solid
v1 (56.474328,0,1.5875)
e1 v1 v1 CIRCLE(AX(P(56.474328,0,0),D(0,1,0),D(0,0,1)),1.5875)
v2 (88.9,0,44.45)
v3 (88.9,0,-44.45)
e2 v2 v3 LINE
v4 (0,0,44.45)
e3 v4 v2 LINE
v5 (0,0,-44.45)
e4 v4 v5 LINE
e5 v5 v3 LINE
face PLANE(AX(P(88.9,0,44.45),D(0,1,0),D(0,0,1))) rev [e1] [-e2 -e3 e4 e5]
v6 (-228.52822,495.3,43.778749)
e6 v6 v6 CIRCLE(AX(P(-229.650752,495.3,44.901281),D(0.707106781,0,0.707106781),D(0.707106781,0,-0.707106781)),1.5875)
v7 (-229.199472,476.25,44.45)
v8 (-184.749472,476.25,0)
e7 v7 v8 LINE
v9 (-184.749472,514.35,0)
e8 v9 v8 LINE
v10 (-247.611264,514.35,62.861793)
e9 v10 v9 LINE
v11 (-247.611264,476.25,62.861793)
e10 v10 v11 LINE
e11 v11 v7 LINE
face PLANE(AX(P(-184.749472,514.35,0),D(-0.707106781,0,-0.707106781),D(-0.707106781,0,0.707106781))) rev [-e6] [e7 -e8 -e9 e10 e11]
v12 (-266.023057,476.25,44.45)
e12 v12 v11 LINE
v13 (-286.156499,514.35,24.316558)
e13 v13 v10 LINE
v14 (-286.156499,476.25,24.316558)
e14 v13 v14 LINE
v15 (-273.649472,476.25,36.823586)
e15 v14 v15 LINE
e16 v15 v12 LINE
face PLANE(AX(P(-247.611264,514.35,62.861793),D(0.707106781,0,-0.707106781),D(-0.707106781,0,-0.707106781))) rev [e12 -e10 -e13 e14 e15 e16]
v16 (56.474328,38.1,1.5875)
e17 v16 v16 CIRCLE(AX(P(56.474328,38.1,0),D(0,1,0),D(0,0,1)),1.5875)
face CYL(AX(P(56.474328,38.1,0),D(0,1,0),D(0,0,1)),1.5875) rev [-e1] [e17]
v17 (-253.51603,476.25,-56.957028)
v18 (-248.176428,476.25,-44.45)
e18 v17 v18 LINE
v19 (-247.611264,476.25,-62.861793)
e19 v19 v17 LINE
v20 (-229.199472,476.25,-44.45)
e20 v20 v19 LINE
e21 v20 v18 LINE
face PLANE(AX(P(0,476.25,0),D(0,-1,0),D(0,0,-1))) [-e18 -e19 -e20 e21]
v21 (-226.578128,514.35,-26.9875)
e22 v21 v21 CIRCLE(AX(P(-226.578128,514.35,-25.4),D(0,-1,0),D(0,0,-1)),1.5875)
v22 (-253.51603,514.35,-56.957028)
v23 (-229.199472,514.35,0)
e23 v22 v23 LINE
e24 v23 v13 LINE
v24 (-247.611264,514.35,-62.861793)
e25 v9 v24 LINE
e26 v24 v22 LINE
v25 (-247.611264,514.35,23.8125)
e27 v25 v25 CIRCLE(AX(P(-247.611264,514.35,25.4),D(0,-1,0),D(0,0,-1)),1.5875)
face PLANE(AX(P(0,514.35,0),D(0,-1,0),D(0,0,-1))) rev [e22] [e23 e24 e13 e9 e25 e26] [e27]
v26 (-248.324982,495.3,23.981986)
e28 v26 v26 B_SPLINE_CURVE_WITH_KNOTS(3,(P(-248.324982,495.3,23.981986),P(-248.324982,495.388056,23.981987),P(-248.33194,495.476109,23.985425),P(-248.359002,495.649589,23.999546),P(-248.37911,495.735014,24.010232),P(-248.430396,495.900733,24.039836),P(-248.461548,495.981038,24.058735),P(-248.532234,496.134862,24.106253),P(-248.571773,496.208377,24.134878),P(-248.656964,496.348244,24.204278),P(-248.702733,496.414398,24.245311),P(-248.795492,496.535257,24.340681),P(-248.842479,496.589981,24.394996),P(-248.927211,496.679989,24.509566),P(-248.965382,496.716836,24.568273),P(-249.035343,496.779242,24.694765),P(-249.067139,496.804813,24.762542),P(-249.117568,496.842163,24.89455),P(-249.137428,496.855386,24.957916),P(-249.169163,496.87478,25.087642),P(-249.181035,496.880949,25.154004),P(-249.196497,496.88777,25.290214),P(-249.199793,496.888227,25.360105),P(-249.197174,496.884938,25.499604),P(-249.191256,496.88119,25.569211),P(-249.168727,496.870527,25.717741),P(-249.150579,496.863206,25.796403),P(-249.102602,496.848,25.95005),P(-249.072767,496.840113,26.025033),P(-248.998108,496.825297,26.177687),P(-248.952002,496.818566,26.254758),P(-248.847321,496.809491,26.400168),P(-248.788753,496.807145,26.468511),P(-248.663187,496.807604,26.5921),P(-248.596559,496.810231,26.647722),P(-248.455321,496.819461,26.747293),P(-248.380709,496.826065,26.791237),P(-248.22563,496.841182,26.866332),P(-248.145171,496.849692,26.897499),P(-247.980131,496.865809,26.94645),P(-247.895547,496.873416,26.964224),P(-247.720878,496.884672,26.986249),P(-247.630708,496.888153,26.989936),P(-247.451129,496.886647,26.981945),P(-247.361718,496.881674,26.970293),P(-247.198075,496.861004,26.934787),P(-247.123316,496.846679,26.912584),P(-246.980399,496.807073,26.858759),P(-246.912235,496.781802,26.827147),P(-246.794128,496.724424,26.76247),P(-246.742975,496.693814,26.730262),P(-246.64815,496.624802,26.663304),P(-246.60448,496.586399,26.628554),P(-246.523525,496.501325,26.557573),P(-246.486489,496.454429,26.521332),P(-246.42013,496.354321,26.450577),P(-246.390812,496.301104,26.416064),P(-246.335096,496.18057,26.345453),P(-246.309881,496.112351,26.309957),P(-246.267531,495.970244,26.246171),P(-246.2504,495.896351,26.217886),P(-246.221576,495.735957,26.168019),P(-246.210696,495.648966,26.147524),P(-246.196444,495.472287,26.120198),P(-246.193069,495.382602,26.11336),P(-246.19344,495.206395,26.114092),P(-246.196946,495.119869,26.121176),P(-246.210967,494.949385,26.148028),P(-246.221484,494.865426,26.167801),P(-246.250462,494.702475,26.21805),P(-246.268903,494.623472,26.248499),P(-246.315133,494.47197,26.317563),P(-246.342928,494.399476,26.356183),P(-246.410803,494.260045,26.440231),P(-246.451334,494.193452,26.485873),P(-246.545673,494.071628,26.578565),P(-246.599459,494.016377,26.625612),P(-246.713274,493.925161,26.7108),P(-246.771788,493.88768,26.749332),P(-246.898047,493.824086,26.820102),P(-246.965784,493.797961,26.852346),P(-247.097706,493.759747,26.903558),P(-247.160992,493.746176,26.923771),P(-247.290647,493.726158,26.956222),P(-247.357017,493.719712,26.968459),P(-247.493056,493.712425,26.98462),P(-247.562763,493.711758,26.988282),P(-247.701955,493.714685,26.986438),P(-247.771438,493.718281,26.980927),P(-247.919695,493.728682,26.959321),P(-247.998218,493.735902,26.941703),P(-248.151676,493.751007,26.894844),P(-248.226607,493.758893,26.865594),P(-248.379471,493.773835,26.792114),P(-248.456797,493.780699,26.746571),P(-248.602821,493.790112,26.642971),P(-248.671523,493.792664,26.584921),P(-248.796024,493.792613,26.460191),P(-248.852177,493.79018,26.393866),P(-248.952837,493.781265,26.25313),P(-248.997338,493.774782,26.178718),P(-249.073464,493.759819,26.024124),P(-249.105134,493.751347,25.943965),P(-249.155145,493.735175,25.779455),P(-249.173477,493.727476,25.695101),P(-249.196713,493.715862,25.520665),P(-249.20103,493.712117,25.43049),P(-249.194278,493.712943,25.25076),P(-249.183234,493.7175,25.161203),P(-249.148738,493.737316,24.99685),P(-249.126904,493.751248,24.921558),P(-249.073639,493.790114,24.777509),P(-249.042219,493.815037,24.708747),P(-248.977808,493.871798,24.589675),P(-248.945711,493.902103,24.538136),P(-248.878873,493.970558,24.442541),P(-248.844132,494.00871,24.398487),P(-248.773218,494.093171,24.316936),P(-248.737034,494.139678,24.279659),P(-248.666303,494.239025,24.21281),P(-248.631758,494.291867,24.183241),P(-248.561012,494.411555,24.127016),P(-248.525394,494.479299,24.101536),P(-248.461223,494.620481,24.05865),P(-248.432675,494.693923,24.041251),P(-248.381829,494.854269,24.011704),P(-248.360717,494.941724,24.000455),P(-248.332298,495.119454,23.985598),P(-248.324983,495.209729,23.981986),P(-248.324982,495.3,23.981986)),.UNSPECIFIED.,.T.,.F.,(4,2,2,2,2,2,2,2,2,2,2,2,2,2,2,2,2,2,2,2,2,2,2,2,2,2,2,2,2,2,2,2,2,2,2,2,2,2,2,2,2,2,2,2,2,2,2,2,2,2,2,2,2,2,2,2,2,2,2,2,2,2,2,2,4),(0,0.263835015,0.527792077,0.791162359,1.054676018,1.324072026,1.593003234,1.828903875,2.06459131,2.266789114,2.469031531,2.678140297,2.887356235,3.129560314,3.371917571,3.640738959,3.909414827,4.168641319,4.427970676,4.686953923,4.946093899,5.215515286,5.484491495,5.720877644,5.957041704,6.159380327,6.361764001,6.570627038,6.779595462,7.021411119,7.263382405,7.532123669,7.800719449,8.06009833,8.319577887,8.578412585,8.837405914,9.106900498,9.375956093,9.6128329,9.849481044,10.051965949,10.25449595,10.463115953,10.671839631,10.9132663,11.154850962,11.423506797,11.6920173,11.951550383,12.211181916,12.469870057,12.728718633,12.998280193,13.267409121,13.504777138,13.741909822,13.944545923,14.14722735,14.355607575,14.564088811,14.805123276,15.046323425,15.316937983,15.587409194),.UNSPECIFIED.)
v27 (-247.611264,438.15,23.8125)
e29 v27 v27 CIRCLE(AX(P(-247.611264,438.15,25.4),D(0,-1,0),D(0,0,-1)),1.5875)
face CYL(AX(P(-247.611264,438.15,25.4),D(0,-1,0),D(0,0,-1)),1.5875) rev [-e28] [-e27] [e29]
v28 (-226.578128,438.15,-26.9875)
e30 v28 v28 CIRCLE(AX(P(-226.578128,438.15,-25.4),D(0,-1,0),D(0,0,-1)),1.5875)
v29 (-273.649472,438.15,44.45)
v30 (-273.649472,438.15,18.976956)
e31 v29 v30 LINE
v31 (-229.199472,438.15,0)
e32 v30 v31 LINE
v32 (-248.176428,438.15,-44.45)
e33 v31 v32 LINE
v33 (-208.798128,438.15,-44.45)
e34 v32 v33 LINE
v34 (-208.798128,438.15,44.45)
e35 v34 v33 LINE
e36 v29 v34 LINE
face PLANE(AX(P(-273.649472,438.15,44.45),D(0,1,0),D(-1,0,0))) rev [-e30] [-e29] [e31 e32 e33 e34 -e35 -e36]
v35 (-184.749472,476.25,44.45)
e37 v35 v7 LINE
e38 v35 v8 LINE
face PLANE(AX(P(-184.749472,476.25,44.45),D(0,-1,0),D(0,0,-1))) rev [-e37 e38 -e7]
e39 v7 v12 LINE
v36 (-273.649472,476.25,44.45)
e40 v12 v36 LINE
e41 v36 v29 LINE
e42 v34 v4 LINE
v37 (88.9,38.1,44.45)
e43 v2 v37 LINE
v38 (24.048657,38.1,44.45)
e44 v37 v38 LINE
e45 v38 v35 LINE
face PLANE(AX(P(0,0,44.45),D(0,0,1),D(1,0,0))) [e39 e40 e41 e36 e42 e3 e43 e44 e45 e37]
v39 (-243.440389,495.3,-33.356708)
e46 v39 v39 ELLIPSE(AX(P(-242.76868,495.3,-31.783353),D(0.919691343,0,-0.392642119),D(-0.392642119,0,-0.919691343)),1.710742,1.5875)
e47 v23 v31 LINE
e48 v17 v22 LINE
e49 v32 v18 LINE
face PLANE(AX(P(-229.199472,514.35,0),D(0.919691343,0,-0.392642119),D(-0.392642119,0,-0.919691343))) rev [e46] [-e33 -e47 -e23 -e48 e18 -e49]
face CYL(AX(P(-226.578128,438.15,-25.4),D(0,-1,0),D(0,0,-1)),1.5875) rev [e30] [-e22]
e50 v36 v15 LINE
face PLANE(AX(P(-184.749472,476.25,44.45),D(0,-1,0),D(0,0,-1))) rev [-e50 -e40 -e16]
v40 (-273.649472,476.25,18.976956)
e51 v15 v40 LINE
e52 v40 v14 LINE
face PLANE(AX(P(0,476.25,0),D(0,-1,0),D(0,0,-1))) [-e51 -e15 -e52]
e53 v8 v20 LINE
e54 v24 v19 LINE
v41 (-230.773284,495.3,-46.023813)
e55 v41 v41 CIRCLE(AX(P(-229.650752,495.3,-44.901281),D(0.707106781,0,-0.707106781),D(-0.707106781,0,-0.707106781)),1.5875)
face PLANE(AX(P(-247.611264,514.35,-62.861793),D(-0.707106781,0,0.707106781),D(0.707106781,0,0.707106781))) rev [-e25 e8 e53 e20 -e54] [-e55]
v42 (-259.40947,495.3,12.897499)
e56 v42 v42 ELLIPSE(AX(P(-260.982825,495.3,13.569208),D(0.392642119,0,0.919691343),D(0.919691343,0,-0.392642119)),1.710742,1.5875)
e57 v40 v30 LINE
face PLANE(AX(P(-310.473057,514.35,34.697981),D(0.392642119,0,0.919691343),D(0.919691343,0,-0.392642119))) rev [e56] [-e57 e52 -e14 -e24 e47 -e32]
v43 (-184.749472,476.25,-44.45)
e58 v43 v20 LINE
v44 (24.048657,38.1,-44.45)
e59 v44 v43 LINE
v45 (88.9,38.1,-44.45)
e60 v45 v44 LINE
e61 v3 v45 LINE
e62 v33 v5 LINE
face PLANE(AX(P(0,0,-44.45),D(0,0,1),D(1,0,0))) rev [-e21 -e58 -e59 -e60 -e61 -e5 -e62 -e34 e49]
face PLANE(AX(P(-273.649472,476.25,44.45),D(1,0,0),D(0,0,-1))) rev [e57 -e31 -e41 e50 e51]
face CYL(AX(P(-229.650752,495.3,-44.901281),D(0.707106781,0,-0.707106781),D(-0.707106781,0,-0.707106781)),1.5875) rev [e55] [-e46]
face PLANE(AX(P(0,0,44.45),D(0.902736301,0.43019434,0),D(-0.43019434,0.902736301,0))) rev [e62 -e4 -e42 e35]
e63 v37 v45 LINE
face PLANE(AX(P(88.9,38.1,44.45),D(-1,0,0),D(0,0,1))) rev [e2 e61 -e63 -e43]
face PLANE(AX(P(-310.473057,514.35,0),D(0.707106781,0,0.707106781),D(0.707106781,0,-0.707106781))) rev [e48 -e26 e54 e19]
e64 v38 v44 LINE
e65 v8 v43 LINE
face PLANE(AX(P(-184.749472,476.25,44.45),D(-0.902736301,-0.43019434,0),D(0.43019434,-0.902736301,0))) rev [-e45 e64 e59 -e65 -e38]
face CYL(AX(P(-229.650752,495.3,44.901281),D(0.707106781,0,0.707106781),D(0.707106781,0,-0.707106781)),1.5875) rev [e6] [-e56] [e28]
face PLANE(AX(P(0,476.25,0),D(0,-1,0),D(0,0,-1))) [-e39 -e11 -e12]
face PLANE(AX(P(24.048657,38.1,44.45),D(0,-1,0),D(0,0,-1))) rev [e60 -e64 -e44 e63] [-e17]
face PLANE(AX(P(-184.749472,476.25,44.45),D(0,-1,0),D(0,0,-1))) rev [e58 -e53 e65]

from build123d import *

# Parameters (mm, degrees)
BOSS_EXTRUDE1_DEPTH          = 44.45
F_1_8_0_125_DIAMETER_HOLE1_D = 3.175
BOSS_EXTRUDE2_DEPTH          = 38.1
CUT_EXTRUDE1_DEPTH           = 541.666761283
CUT_EXTRUDE1_DEPTH_BACK      = 541.666761283
F_1_8_0_125_DIAMETER_HOLE2_D = 3.175
F_1_8_0_125_DIAMETER_HOLE3_D = 3.175
F_1_8_0_125_DIAMETER_HOLE4_D = 3.175


with BuildPart() as part:
    # Sketch1 → Boss-Extrude1 (new, symmetric)
    with BuildSketch(Plane.XY):
        Polygon((0, 0), (-208.79812848, 438.15), (-273.64947152, 438.15), (-273.64947152, 476.25), (-184.74947152, 476.25), (24.04865696, 38.1), (88.9, 38.1), (88.9, 0), align=None)
    extrude(amount=BOSS_EXTRUDE1_DEPTH, both=True)

    # 1/8 (0.125) Diameter Hole1 (through all)
    with Locations(Plane(origin=(56.47432848, 38.1, 0), x_dir=(0, 0, 1), z_dir=(0, 1, 0))):
        with Locations((0, 0)):
            Hole(F_1_8_0_125_DIAMETER_HOLE1_D / 2)

    # Sketch4 → Boss-Extrude2 (add)
    with BuildSketch(Plane(origin=(0, 476.25, 0), x_dir=(1, 0, 0), z_dir=(0, 1, 0))):
        Polygon((-247.611264367, 62.861792847), (-184.74947152, 0), (-247.611264367, -62.861792847), (-310.473057215, 0), align=None)
    extrude(amount=BOSS_EXTRUDE2_DEPTH)

    # Sketch6 → Cut-Extrude1 (cut, two sides: drawn at the far end of the back side and taken through both)
    with BuildSketch(Plane.XZ.offset(-438.15).offset(-CUT_EXTRUDE1_DEPTH_BACK)):
        Polygon((-310.473057215, 34.697981215), (-229.19947152, 0), (-310.473057215, -190.368300991), align=None)
    extrude(amount=CUT_EXTRUDE1_DEPTH + CUT_EXTRUDE1_DEPTH_BACK, mode=Mode.SUBTRACT)

    # 1/8 (0.125) Diameter Hole2 (through all)
    with Locations(Plane(origin=(-92.37473576, 0, -92.37473576), x_dir=(0.707106781186549, 0, -0.707106781186546), z_dir=(0.707106781186546, 0, 0.707106781186549))):
        with Locations((-194.137604132, 495.3)):
            Hole(F_1_8_0_125_DIAMETER_HOLE2_D / 2)

    # 1/8 (0.125) Diameter Hole3 (through all)
    with Locations(Plane(origin=(-92.37473576, 0, 92.37473576), x_dir=(-0.707106781186549, 0, -0.707106781186546), z_dir=(0.707106781186546, 0, -0.707106781186549))):
        with Locations((194.137604132, 495.3)):
            Hole(F_1_8_0_125_DIAMETER_HOLE3_D / 2)

    # 1/8 (0.125) Diameter Hole4 (through all)
    with Locations(Plane(origin=(0, 438.15, 0), x_dir=(-1, 0, 0), z_dir=(0, -1, 0))):
        with Locations((247.611264367, -25.4), (226.57812848, 25.4)):
            Hole(F_1_8_0_125_DIAMETER_HOLE4_D / 2)


solid = part.part
